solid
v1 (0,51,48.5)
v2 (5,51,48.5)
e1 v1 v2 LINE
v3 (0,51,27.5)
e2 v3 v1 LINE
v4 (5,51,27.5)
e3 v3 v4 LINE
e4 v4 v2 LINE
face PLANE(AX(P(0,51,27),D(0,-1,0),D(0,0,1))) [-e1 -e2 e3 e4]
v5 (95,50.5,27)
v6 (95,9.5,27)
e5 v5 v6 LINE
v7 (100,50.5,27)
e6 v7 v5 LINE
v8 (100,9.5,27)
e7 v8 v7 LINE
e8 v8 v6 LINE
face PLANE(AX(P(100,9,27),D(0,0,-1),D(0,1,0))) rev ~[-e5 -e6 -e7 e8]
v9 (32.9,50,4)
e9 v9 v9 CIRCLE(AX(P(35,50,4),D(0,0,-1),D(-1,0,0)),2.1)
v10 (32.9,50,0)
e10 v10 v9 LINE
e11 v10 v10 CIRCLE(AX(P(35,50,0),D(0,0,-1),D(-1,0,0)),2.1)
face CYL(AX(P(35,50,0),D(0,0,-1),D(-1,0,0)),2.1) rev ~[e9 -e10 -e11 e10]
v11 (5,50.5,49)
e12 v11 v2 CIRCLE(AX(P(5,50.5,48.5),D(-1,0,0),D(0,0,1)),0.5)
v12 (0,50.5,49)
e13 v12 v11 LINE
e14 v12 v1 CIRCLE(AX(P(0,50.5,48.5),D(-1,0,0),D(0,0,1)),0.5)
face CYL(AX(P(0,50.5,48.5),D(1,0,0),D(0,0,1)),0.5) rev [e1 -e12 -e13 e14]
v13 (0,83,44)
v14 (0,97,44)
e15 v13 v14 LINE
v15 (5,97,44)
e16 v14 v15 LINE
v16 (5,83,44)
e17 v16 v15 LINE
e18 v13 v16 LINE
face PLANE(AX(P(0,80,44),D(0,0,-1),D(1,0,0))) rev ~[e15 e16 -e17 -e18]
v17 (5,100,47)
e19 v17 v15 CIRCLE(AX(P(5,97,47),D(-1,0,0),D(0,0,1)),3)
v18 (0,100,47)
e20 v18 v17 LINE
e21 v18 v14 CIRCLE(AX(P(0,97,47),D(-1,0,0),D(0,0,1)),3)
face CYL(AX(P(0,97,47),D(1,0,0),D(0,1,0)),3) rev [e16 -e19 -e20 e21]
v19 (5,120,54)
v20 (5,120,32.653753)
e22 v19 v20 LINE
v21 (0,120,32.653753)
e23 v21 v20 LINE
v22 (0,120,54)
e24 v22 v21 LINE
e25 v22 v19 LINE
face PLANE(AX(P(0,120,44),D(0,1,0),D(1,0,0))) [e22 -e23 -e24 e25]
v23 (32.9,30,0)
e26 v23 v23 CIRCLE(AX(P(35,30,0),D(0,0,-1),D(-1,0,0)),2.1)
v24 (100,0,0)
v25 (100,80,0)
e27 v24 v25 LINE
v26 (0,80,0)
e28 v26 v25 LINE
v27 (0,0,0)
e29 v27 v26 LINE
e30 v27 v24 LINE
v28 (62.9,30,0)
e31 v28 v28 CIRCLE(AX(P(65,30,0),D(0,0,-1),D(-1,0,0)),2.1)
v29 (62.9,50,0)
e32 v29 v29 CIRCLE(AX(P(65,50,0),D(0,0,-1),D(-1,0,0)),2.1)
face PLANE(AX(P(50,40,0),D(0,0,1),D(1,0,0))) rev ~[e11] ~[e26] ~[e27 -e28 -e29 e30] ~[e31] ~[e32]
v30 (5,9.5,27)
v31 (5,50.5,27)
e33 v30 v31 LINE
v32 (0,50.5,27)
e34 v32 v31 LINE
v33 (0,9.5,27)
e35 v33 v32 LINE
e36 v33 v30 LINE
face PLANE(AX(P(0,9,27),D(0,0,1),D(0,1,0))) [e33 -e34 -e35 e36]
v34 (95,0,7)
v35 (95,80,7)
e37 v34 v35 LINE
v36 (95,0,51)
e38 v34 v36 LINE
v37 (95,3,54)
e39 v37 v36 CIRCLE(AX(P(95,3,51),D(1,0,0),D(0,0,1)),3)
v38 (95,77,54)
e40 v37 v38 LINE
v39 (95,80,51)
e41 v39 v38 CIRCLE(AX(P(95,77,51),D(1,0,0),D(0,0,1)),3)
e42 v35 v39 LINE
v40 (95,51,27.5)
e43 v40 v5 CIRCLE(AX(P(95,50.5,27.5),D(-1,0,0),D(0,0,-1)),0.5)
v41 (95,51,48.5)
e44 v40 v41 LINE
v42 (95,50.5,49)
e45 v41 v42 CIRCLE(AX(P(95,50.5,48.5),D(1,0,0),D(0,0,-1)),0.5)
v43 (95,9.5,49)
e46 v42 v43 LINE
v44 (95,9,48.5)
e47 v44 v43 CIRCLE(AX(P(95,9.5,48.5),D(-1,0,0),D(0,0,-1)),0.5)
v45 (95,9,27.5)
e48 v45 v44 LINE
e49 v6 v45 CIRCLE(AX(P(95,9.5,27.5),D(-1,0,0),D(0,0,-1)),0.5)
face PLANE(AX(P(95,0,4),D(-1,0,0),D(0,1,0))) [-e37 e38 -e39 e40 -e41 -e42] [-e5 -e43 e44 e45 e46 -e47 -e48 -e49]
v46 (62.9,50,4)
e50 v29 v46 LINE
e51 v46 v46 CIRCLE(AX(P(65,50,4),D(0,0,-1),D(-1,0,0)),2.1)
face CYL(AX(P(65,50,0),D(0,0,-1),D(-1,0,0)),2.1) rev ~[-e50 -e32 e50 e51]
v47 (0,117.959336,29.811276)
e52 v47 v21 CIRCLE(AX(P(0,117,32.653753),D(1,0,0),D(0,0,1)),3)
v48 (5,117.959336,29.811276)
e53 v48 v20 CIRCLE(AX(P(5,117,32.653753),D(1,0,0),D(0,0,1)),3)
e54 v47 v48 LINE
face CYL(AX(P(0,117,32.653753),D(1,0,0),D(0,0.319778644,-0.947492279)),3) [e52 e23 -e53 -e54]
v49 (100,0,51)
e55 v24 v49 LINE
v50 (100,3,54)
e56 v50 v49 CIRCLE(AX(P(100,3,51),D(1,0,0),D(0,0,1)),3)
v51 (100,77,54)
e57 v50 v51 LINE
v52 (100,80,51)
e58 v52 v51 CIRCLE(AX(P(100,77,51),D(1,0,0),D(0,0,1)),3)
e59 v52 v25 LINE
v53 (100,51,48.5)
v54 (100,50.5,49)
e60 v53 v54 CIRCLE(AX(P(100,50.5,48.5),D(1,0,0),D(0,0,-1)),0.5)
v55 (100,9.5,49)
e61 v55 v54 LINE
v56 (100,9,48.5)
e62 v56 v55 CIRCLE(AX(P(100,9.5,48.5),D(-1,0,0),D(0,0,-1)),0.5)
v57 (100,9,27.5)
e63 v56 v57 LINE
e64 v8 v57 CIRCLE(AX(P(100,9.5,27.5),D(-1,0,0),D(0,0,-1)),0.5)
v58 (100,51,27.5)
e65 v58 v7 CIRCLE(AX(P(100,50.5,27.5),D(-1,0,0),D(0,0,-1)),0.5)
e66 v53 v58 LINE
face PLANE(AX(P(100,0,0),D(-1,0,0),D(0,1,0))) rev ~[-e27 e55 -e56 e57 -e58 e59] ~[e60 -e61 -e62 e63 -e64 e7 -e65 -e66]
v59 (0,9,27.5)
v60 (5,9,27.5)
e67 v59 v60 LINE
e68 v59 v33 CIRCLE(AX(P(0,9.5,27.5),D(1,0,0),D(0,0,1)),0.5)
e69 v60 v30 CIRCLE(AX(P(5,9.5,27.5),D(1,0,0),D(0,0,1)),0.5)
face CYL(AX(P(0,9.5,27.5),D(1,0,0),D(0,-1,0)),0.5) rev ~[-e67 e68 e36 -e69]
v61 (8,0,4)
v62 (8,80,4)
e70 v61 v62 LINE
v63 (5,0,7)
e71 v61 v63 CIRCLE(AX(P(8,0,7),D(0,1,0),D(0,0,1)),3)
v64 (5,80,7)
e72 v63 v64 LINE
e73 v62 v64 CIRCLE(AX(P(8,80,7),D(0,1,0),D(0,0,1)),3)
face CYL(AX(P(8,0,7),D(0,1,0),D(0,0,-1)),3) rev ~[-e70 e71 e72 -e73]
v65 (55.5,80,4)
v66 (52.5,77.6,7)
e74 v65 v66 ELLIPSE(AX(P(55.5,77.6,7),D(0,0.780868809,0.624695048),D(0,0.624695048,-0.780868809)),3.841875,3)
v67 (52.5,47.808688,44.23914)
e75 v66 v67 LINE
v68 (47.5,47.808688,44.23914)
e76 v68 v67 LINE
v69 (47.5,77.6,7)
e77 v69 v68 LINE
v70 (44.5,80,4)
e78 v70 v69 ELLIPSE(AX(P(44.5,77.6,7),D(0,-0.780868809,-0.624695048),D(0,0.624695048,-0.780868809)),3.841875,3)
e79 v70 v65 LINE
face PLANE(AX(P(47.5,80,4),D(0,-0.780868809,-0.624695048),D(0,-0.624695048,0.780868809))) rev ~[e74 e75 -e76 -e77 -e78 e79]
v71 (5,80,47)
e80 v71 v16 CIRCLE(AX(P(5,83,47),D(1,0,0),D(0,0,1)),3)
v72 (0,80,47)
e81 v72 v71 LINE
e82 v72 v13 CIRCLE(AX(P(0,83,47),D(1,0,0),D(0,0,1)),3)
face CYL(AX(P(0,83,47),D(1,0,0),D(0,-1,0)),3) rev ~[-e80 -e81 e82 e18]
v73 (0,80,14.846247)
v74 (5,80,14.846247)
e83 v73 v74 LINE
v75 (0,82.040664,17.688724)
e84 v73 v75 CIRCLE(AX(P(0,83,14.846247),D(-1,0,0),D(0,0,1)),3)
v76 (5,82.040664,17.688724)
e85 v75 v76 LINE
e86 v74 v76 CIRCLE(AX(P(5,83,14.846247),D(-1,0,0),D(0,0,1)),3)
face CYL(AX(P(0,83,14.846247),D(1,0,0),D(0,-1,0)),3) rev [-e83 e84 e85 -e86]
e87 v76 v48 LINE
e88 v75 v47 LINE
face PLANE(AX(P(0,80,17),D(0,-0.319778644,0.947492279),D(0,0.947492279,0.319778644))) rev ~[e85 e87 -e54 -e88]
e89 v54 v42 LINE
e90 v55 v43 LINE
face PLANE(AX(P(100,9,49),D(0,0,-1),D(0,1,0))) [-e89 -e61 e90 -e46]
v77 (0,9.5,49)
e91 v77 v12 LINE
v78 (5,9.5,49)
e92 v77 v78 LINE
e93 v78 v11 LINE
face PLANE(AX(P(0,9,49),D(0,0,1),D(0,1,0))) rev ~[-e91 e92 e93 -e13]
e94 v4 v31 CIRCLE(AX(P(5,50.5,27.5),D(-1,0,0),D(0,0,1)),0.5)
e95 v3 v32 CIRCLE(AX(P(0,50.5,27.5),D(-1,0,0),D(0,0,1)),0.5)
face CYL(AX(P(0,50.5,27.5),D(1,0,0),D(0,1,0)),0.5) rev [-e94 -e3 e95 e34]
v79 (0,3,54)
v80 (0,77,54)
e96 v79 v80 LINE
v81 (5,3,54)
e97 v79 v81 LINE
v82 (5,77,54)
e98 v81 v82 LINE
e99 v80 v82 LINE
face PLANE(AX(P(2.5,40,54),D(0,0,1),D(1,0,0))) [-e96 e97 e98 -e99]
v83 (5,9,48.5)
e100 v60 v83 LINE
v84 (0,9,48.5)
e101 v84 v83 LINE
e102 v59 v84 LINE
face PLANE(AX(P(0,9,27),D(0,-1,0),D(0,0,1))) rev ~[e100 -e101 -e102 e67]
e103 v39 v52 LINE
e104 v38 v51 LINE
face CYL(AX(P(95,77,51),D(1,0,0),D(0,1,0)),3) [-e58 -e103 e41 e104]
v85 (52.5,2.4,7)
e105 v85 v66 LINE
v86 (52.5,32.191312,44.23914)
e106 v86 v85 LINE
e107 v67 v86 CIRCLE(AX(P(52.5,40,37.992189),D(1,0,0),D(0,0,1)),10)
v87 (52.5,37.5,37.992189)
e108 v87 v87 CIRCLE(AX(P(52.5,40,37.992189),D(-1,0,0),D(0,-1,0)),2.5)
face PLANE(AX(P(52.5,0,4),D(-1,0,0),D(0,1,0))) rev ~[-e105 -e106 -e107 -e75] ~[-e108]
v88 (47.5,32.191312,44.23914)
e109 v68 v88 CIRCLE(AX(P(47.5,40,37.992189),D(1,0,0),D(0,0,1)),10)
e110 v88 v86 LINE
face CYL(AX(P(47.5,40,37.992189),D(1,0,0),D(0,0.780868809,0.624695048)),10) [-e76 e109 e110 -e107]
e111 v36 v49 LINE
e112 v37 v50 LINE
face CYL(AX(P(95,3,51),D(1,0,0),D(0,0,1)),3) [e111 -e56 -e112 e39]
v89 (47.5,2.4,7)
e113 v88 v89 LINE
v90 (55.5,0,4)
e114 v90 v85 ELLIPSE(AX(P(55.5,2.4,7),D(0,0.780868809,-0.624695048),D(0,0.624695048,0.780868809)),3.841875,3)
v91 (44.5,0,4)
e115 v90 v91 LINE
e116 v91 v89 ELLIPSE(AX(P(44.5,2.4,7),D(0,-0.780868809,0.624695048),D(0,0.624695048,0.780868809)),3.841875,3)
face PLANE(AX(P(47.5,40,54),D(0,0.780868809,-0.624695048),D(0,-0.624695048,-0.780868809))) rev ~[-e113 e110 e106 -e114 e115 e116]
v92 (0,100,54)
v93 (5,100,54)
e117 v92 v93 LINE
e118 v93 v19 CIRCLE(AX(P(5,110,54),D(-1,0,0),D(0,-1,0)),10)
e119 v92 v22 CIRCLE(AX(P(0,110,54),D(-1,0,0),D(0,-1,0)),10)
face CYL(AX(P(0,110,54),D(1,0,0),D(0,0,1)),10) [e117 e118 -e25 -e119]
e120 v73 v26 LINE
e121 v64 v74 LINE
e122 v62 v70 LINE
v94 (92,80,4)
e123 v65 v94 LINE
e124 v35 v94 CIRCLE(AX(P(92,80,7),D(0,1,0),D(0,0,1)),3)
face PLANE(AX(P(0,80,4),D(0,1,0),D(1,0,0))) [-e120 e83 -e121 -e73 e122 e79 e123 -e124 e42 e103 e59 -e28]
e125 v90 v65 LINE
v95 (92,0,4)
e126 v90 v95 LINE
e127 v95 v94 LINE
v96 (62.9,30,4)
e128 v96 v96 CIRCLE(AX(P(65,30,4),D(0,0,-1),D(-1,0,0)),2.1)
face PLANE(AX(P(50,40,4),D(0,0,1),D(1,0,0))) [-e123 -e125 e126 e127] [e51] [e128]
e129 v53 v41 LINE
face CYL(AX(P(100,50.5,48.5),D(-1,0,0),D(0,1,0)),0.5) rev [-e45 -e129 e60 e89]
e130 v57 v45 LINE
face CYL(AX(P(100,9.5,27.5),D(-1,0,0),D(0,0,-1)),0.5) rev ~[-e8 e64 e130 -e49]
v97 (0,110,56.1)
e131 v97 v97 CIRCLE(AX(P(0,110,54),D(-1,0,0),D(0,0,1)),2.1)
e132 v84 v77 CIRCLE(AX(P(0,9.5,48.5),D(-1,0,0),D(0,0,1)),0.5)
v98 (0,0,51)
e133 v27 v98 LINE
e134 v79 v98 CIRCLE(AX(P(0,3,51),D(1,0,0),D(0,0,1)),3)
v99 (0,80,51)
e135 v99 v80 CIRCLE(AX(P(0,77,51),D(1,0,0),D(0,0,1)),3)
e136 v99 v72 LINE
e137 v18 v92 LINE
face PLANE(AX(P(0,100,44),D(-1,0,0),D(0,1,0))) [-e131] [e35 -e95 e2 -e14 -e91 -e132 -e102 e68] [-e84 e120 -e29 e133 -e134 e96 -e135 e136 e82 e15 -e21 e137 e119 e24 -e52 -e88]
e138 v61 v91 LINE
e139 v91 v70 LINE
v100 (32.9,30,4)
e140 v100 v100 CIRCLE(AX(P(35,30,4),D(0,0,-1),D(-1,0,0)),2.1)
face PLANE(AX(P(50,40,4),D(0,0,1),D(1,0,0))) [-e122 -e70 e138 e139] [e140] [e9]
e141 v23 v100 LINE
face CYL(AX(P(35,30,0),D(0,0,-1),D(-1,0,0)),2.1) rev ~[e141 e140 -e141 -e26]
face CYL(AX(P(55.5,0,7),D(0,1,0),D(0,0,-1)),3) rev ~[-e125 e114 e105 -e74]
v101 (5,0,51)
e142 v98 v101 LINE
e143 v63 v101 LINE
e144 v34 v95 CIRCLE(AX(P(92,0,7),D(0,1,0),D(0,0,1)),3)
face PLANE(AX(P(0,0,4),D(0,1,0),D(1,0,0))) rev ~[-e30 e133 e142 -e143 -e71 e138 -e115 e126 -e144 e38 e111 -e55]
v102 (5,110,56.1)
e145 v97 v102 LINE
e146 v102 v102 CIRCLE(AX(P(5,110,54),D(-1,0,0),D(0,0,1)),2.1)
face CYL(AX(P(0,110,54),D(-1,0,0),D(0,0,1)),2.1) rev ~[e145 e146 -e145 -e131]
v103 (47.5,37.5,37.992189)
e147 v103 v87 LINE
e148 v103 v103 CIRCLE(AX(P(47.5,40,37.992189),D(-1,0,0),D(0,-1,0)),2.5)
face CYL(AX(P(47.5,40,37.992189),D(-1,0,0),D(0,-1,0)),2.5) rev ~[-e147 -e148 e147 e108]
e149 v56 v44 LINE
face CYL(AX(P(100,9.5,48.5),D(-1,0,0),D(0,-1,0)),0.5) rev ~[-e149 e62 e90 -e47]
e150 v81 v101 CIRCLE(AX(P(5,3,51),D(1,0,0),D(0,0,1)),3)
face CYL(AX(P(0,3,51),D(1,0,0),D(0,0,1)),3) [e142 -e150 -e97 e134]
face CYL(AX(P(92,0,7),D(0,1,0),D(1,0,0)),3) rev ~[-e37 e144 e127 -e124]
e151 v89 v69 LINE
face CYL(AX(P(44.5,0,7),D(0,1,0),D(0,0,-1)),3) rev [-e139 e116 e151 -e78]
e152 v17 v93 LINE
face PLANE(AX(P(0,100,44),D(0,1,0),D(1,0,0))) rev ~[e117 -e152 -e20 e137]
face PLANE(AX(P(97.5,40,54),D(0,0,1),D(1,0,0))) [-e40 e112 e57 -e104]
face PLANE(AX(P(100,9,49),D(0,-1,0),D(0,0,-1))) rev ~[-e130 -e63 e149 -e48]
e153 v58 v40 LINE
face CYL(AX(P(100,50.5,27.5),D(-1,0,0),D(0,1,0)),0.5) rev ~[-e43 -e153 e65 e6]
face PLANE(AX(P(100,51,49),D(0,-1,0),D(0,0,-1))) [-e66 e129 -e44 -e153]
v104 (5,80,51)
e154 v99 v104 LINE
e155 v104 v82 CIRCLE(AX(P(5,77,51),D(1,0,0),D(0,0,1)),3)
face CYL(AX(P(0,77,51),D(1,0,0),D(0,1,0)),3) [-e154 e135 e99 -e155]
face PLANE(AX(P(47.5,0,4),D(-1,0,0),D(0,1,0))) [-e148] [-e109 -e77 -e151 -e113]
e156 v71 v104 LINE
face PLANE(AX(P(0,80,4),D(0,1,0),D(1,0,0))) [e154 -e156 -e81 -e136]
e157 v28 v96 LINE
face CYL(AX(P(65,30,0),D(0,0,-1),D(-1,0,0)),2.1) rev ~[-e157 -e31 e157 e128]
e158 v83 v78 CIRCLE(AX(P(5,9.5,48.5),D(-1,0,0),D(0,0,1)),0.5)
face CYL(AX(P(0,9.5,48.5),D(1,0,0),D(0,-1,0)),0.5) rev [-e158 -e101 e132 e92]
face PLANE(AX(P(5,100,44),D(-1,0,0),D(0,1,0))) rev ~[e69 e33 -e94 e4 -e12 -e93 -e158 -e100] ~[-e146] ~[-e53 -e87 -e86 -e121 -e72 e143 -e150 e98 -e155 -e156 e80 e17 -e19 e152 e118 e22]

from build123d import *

# Parameters (mm, degrees)
SKETCH_1_W          = 100
SKETCH_1_H          = 80
EXTRUDE_1_DEPTH     = 4
SKETCH_2_W          = 5
SKETCH_2_H          = 80
EXTRUDE_2_DEPTH     = 50
CUT_EXTRUDE_2_DEPTH = 5
FILLET_1_R          = 10
FILLET_2_R          = 3
FILLET_3_R          = 3
SKETCH_5_R          = 2.1
CUT_EXTRUDE_3_DEPTH = 5
SKETCH_6_R          = 2.5
CUT_EXTRUDE_4_DEPTH = 10
SKETCH_7_W          = 22
SKETCH_7_H          = 42
CUT_EXTRUDE_5_DEPTH = 10
SKETCH_8_W          = 22
SKETCH_8_H          = 42
CUT_EXTRUDE_6_DEPTH = 10
FILLET_4_R          = 0.5
FILLET_5_R          = 0.5
SKETCH_9_W          = 5
SKETCH_9_H          = 27
EXTRUDE_3_DEPTH     = 40
CUT_EXTRUDE_7_DEPTH = 20
SKETCH_11_W         = 5
SKETCH_11_H         = 20
EXTRUDE_4_DEPTH     = 20
FILLET_6_RADIUS     = 10
FILLET_6_LENGTH     = 5
FILLET_7_R          = 3
SKETCH_12_R         = 2.1
CUT_EXTRUDE_8_DEPTH = 20


with BuildPart() as part:
    # 草图1 → 凸台-拉伸1 (new body)
    with BuildSketch(Plane.XY):
        with Locations((50, 40)):
            Rectangle(SKETCH_1_W, SKETCH_1_H)
    extrude(amount=EXTRUDE_1_DEPTH)

    # 草图2 → 凸台-拉伸2 (add)
    with BuildSketch(Plane.XY.offset(4)):
        with Locations((2.5, 40)):
            Rectangle(SKETCH_2_W, SKETCH_2_H)
        with Locations((97.5, 40)):
            Rectangle(SKETCH_2_W, SKETCH_2_H)
        with Locations((50, 40)):
            Rectangle(SKETCH_2_W, SKETCH_2_H)
    extrude(amount=EXTRUDE_2_DEPTH)

    # 草图4 → 切除-拉伸2 (cut)
    with BuildSketch(Plane.ZY.offset(-47.5)):
        Polygon((54, 80), (4, 80), (54, 40), align=None)
        Polygon((54, 0), (54, 40), (4, 0), align=None)
    extrude(amount=-CUT_EXTRUDE_2_DEPTH, mode=Mode.SUBTRACT)

    # 圆角1
    fillet_1_edges = [part.edges().sort_by_distance(p)[0] for p in [
        (50, 40, 54),
    ]]
    fillet(fillet_1_edges, radius=FILLET_1_R)

    # 圆角2
    fillet_2_edges = [part.edges().sort_by_distance(p)[0] for p in [
        (5, 40, 4),
        (2.5, 0, 54),
        (2.5, 80, 54),
        (95, 40, 4),
        (97.5, 80, 54),
        (97.5, 0, 54),
    ]]
    fillet(fillet_2_edges, radius=FILLET_2_R)

    # 圆角3
    fillet_3_edges = [part.edges().sort_by_distance(p)[0] for p in [
        (47.5, 40, 4),
        (52.5, 40, 4),
    ]]
    fillet(fillet_3_edges, radius=FILLET_3_R)

    # 草图5 → 切除-拉伸3 (cut)
    with BuildSketch(Plane(origin=(0, 0, 0), x_dir=(-1, 0, 0), z_dir=(0, 0, -1))):
        with Locations((-65, 50)):
            Circle(SKETCH_5_R)
        with Locations((-35, 50)):
            Circle(SKETCH_5_R)
        with Locations((-65, 30)):
            Circle(SKETCH_5_R)
        with Locations((-35, 30)):
            Circle(SKETCH_5_R)
    extrude(amount=-CUT_EXTRUDE_3_DEPTH, mode=Mode.SUBTRACT)

    # 草图6 → 切除-拉伸4 (cut)
    with BuildSketch(Plane.ZY.offset(-47.5)):
        with Locations(Location((37.992189406, 40, 0), (0, 0, 270))):
            Circle(SKETCH_6_R)
    extrude(amount=-CUT_EXTRUDE_4_DEPTH, mode=Mode.SUBTRACT)

    # 草图7 → 切除-拉伸5 (cut)
    with BuildSketch(Plane.ZY):
        with Locations((38, 30)):
            Rectangle(SKETCH_7_W, SKETCH_7_H)
    extrude(amount=-CUT_EXTRUDE_5_DEPTH, mode=Mode.SUBTRACT)

    # 草图8 → 切除-拉伸6 (cut)
    with BuildSketch(Plane(origin=(100, 0, 0), x_dir=(0, 0, -1), z_dir=(1, 0, 0))):
        with Locations((-38, 30)):
            Rectangle(SKETCH_8_W, SKETCH_8_H)
    extrude(amount=-CUT_EXTRUDE_6_DEPTH, mode=Mode.SUBTRACT)

    # 圆角4
    fillet_4_edges = [part.edges().sort_by_distance(p)[0] for p in [
        (97.5, 9, 49),
        (97.5, 51, 49),
        (97.5, 51, 27),
        (97.5, 9, 27),
    ]]
    fillet(fillet_4_edges, radius=FILLET_4_R)

    # 圆角5
    fillet_5_edges = [part.edges().sort_by_distance(p)[0] for p in [
        (2.5, 9, 27),
        (2.5, 51, 27),
        (2.5, 51, 49),
        (2.5, 9, 49),
    ]]
    fillet(fillet_5_edges, radius=FILLET_5_R)

    # 草图9 → 凸台-拉伸3 (add)
    with BuildSketch(Plane(origin=(0, 80, 0), x_dir=(1, 0, 0), z_dir=(0, 1, 0))):
        with Locations((2.5, -30.5)):
            Rectangle(SKETCH_9_W, SKETCH_9_H)
    extrude(amount=EXTRUDE_3_DEPTH)

    # 草图10 → 切除-拉伸7 (cut)
    with BuildSketch(Plane.ZY):
        Polygon((17, 80), (30.5, 120), (17, 120), align=None)
    extrude(amount=-CUT_EXTRUDE_7_DEPTH, mode=Mode.SUBTRACT)

    # 草图11 → 凸台-拉伸4 (add)
    with BuildSketch(Plane.XY.offset(44)):
        with Locations((2.5, 110)):
            Rectangle(SKETCH_11_W, SKETCH_11_H)
    extrude(amount=EXTRUDE_4_DEPTH)

    # 圆角6: full round fillet: the end face becomes a half cylinder, R = half its width
    fillet_6_face = Plane((2.5, 110, 64), x_dir=(1, 0, 0), z_dir=(0, 0, 1))  # on the end face: x along it, z out of the body
    fillet_6_slab = fillet_6_face.offset(-FILLET_6_RADIUS / 2) * Box(FILLET_6_LENGTH, 2 * FILLET_6_RADIUS, FILLET_6_RADIUS, mode=Mode.PRIVATE)  # the body's end, R deep
    fillet_6_round = Plane((2.5, 110, 54), x_dir=(0, 0, 1), z_dir=(1, 0, 0)) * Cylinder(FILLET_6_RADIUS, FILLET_6_LENGTH, mode=Mode.PRIVATE)  # its axis R under the face
    add(fillet_6_slab - fillet_6_round, mode=Mode.SUBTRACT)

    # 圆角7
    fillet_7_edges = [part.edges().sort_by_distance(p)[0] for p in [
        (2.5, 80, 44),
        (2.5, 80, 17),
        (2.5, 120, 30.5),
        (2.5, 100, 44),
    ]]
    fillet(fillet_7_edges, radius=FILLET_7_R)

    # 草图12 → 切除-拉伸8 (cut)
    with BuildSketch(Plane.ZY):
        with Locations((54, 110)):
            Circle(SKETCH_12_R)
    extrude(amount=-CUT_EXTRUDE_8_DEPTH, mode=Mode.SUBTRACT)


solid = part.part
